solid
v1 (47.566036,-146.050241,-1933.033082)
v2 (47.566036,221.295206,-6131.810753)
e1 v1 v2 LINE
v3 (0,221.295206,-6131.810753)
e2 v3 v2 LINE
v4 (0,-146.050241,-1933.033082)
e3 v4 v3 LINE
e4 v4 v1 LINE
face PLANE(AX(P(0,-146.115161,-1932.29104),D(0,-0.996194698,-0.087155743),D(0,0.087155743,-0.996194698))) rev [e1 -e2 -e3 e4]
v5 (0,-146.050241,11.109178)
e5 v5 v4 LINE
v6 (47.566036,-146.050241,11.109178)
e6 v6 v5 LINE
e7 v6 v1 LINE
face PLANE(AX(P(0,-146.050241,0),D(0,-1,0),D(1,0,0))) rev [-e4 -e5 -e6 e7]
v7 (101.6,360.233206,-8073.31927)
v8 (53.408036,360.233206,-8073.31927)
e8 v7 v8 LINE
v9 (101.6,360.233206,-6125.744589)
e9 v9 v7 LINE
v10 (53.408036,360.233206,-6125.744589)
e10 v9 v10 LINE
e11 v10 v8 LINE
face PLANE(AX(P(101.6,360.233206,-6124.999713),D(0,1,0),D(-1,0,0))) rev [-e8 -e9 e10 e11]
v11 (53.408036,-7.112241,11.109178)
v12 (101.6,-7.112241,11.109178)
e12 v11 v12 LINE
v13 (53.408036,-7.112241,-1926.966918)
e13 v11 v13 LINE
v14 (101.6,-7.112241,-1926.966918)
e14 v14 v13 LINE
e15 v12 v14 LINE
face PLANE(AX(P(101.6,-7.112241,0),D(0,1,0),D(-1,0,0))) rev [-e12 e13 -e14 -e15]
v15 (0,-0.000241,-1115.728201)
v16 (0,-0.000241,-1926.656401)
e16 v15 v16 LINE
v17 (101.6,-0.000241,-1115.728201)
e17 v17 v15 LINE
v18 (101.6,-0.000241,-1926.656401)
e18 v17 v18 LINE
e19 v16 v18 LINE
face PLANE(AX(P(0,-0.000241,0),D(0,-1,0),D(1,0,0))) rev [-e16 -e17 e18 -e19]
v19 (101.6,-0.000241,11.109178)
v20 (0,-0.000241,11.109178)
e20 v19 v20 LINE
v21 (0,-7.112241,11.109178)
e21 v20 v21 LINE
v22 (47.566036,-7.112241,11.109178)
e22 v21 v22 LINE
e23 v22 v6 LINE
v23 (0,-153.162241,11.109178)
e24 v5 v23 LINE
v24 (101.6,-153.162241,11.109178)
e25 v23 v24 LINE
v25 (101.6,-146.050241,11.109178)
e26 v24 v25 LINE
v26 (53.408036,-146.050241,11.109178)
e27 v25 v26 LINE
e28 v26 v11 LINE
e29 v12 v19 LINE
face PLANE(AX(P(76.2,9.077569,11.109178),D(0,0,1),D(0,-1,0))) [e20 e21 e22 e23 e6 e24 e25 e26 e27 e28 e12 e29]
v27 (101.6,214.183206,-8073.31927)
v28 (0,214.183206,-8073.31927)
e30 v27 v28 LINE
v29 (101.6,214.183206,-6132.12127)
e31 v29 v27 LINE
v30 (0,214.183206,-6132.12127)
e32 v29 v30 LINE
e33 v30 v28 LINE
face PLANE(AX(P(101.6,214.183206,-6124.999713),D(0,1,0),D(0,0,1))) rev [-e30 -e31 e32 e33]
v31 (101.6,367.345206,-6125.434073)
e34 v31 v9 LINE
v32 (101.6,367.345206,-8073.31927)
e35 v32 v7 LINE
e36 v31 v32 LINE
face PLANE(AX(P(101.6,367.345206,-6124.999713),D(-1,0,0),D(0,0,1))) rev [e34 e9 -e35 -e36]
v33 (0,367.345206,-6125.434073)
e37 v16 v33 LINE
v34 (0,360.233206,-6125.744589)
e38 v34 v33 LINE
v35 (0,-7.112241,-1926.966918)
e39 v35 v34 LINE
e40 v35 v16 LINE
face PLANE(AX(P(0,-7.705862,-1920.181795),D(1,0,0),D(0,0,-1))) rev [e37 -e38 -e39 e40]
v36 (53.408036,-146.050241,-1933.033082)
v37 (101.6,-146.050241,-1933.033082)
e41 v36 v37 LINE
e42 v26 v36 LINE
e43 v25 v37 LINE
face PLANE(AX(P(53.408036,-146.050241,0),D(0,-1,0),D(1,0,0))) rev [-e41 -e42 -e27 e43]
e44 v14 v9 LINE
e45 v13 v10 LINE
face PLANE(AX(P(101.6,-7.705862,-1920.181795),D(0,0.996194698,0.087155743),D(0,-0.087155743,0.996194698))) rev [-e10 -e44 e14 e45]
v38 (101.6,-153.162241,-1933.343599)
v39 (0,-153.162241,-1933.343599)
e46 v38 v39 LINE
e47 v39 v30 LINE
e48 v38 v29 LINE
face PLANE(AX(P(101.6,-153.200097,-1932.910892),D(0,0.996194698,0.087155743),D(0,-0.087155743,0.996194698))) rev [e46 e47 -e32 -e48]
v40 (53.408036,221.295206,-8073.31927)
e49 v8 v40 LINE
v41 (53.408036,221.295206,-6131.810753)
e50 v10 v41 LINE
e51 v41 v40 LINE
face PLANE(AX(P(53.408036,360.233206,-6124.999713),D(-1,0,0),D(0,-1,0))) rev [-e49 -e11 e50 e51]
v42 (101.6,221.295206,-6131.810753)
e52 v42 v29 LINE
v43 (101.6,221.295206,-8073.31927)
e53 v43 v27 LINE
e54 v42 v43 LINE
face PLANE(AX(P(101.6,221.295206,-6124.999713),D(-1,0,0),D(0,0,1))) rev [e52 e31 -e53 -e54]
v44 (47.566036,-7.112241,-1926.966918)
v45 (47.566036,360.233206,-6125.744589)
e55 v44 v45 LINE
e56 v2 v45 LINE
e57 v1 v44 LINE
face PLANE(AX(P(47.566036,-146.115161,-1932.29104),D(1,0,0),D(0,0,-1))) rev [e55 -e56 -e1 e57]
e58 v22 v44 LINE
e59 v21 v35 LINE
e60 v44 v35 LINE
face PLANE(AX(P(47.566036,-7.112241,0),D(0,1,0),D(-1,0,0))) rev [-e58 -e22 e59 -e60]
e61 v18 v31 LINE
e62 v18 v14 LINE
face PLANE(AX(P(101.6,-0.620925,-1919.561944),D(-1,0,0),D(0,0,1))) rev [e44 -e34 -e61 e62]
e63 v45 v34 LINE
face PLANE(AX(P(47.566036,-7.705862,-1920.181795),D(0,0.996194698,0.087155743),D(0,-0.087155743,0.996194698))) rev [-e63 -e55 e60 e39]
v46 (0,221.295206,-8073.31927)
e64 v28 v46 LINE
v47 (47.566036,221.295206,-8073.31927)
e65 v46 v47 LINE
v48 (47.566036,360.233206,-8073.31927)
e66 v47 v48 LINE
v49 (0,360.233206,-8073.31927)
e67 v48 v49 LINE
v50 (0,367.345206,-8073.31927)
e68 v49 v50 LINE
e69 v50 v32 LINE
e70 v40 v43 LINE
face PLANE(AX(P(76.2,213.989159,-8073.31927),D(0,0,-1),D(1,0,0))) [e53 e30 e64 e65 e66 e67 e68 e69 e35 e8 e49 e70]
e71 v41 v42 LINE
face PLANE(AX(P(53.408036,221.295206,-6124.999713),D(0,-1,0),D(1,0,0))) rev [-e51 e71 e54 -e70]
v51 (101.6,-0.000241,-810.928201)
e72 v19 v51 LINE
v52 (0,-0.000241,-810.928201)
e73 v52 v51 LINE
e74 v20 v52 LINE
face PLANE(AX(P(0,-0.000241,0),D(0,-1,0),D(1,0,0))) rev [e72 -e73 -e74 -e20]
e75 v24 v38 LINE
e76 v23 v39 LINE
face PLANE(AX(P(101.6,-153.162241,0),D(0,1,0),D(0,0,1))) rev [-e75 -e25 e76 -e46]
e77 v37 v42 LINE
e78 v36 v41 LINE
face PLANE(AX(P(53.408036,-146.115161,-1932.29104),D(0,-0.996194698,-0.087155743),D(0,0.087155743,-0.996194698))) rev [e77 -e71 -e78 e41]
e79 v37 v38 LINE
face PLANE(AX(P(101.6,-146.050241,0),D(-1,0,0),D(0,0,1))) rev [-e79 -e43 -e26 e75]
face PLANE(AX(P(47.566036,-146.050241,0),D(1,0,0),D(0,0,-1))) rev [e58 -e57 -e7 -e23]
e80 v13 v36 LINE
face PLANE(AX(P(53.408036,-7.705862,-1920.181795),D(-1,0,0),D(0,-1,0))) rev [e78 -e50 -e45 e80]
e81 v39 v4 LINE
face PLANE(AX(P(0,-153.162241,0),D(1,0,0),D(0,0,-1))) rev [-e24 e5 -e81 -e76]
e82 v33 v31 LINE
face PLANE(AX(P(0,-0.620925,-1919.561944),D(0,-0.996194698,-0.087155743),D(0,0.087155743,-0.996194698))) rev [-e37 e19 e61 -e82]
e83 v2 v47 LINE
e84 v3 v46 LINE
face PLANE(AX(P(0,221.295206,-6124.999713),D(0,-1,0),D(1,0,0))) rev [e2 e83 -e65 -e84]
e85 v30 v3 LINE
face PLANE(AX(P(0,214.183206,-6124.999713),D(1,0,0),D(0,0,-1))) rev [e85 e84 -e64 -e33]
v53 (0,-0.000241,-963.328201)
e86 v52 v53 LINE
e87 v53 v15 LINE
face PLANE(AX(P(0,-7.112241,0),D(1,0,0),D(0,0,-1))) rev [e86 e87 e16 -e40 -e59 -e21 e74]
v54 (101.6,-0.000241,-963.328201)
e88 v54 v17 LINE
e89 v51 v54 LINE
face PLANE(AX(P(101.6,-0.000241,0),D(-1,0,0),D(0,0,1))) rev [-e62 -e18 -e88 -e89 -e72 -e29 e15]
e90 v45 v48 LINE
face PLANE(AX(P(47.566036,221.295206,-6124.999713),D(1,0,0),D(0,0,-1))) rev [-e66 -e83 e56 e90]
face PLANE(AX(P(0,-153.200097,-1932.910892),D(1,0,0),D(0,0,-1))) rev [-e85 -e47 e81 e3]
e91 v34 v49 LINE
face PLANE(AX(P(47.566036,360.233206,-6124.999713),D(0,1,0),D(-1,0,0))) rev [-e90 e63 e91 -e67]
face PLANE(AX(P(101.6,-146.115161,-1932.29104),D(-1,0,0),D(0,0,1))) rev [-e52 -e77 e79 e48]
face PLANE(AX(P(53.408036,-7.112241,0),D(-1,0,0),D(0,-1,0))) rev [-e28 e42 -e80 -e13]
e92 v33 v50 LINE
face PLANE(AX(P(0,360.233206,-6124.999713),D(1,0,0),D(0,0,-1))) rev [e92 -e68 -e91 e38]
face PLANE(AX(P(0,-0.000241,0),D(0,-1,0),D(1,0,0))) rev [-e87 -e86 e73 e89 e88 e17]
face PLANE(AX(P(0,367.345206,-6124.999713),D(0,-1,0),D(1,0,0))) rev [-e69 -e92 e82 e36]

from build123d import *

# Parameters (mm, degrees)
BOSS_EXTRUDE1_DEPTH = 14.541598669
BOSS_EXTRUDE2_DEPTH = 11.109177684


with BuildPart() as part:
    # Sweep1: sweep along a path in Sketch2
    with BuildLine(Plane(origin=(0, 0, 0), x_dir=(0, 0, -1), z_dir=(1, 0, 0))) as sweep1_path:
        Line((0, -76.581240533), (1930, -76.581240533))
        Line((1930, -76.581240533), (6128.777671415, 290.764206382))
        Line((6128.777671415, 290.764206382), (8058.777671415, 290.764206382))
    # Sketch1 → Sweep1 (sweep)
    with BuildSketch(Plane.XY):
        Polygon((0, -0.000240533), (101.6, -0.000240533), (101.6, -7.112240533), (53.408035714, -7.112240533), (53.408035714, -146.050240533), (101.6, -146.050240533), (101.6, -153.162240533), (0, -153.162240533), (0, -146.050240533), (47.566035714, -146.050240533), (47.566035714, -7.112240533), (0, -7.112240533), align=None)
    sweep(path=sweep1_path.line, transition=Transition.RIGHT)

    # Sketch4 → Boss-Extrude1 (add)
    with BuildSketch(Plane(origin=(0, 0, -8058.777671415), x_dir=(-1, 0, 0), z_dir=(0, 0, -1))):
        Polygon((0, 360.233206382), (0, 367.345206382), (-101.6, 367.345206382), (-101.6, 360.233206382), (-53.408035714, 360.233206382), (-53.408035714, 221.295206382), (-101.6, 221.295206382), (-101.6, 214.183206382), (0, 214.183206382), (0, 221.295206382), (-47.566035714, 221.295206382), (-47.566035714, 360.233206382), align=None)
    extrude(amount=BOSS_EXTRUDE1_DEPTH)

    # Sketch5 → Boss-Extrude2 (add)
    with BuildSketch(Plane.XY):
        Polygon((0, -0.000240533), (0, -7.112240533), (47.566035714, -7.112240533), (47.566035714, -146.050240533), (0, -146.050240533), (0, -153.162240533), (101.6, -153.162240533), (101.6, -146.050240533), (53.408035714, -146.050240533), (53.408035714, -7.112240533), (101.6, -7.112240533), (101.6, -0.000240533), align=None)
    extrude(amount=BOSS_EXTRUDE2_DEPTH)


solid = part.part
